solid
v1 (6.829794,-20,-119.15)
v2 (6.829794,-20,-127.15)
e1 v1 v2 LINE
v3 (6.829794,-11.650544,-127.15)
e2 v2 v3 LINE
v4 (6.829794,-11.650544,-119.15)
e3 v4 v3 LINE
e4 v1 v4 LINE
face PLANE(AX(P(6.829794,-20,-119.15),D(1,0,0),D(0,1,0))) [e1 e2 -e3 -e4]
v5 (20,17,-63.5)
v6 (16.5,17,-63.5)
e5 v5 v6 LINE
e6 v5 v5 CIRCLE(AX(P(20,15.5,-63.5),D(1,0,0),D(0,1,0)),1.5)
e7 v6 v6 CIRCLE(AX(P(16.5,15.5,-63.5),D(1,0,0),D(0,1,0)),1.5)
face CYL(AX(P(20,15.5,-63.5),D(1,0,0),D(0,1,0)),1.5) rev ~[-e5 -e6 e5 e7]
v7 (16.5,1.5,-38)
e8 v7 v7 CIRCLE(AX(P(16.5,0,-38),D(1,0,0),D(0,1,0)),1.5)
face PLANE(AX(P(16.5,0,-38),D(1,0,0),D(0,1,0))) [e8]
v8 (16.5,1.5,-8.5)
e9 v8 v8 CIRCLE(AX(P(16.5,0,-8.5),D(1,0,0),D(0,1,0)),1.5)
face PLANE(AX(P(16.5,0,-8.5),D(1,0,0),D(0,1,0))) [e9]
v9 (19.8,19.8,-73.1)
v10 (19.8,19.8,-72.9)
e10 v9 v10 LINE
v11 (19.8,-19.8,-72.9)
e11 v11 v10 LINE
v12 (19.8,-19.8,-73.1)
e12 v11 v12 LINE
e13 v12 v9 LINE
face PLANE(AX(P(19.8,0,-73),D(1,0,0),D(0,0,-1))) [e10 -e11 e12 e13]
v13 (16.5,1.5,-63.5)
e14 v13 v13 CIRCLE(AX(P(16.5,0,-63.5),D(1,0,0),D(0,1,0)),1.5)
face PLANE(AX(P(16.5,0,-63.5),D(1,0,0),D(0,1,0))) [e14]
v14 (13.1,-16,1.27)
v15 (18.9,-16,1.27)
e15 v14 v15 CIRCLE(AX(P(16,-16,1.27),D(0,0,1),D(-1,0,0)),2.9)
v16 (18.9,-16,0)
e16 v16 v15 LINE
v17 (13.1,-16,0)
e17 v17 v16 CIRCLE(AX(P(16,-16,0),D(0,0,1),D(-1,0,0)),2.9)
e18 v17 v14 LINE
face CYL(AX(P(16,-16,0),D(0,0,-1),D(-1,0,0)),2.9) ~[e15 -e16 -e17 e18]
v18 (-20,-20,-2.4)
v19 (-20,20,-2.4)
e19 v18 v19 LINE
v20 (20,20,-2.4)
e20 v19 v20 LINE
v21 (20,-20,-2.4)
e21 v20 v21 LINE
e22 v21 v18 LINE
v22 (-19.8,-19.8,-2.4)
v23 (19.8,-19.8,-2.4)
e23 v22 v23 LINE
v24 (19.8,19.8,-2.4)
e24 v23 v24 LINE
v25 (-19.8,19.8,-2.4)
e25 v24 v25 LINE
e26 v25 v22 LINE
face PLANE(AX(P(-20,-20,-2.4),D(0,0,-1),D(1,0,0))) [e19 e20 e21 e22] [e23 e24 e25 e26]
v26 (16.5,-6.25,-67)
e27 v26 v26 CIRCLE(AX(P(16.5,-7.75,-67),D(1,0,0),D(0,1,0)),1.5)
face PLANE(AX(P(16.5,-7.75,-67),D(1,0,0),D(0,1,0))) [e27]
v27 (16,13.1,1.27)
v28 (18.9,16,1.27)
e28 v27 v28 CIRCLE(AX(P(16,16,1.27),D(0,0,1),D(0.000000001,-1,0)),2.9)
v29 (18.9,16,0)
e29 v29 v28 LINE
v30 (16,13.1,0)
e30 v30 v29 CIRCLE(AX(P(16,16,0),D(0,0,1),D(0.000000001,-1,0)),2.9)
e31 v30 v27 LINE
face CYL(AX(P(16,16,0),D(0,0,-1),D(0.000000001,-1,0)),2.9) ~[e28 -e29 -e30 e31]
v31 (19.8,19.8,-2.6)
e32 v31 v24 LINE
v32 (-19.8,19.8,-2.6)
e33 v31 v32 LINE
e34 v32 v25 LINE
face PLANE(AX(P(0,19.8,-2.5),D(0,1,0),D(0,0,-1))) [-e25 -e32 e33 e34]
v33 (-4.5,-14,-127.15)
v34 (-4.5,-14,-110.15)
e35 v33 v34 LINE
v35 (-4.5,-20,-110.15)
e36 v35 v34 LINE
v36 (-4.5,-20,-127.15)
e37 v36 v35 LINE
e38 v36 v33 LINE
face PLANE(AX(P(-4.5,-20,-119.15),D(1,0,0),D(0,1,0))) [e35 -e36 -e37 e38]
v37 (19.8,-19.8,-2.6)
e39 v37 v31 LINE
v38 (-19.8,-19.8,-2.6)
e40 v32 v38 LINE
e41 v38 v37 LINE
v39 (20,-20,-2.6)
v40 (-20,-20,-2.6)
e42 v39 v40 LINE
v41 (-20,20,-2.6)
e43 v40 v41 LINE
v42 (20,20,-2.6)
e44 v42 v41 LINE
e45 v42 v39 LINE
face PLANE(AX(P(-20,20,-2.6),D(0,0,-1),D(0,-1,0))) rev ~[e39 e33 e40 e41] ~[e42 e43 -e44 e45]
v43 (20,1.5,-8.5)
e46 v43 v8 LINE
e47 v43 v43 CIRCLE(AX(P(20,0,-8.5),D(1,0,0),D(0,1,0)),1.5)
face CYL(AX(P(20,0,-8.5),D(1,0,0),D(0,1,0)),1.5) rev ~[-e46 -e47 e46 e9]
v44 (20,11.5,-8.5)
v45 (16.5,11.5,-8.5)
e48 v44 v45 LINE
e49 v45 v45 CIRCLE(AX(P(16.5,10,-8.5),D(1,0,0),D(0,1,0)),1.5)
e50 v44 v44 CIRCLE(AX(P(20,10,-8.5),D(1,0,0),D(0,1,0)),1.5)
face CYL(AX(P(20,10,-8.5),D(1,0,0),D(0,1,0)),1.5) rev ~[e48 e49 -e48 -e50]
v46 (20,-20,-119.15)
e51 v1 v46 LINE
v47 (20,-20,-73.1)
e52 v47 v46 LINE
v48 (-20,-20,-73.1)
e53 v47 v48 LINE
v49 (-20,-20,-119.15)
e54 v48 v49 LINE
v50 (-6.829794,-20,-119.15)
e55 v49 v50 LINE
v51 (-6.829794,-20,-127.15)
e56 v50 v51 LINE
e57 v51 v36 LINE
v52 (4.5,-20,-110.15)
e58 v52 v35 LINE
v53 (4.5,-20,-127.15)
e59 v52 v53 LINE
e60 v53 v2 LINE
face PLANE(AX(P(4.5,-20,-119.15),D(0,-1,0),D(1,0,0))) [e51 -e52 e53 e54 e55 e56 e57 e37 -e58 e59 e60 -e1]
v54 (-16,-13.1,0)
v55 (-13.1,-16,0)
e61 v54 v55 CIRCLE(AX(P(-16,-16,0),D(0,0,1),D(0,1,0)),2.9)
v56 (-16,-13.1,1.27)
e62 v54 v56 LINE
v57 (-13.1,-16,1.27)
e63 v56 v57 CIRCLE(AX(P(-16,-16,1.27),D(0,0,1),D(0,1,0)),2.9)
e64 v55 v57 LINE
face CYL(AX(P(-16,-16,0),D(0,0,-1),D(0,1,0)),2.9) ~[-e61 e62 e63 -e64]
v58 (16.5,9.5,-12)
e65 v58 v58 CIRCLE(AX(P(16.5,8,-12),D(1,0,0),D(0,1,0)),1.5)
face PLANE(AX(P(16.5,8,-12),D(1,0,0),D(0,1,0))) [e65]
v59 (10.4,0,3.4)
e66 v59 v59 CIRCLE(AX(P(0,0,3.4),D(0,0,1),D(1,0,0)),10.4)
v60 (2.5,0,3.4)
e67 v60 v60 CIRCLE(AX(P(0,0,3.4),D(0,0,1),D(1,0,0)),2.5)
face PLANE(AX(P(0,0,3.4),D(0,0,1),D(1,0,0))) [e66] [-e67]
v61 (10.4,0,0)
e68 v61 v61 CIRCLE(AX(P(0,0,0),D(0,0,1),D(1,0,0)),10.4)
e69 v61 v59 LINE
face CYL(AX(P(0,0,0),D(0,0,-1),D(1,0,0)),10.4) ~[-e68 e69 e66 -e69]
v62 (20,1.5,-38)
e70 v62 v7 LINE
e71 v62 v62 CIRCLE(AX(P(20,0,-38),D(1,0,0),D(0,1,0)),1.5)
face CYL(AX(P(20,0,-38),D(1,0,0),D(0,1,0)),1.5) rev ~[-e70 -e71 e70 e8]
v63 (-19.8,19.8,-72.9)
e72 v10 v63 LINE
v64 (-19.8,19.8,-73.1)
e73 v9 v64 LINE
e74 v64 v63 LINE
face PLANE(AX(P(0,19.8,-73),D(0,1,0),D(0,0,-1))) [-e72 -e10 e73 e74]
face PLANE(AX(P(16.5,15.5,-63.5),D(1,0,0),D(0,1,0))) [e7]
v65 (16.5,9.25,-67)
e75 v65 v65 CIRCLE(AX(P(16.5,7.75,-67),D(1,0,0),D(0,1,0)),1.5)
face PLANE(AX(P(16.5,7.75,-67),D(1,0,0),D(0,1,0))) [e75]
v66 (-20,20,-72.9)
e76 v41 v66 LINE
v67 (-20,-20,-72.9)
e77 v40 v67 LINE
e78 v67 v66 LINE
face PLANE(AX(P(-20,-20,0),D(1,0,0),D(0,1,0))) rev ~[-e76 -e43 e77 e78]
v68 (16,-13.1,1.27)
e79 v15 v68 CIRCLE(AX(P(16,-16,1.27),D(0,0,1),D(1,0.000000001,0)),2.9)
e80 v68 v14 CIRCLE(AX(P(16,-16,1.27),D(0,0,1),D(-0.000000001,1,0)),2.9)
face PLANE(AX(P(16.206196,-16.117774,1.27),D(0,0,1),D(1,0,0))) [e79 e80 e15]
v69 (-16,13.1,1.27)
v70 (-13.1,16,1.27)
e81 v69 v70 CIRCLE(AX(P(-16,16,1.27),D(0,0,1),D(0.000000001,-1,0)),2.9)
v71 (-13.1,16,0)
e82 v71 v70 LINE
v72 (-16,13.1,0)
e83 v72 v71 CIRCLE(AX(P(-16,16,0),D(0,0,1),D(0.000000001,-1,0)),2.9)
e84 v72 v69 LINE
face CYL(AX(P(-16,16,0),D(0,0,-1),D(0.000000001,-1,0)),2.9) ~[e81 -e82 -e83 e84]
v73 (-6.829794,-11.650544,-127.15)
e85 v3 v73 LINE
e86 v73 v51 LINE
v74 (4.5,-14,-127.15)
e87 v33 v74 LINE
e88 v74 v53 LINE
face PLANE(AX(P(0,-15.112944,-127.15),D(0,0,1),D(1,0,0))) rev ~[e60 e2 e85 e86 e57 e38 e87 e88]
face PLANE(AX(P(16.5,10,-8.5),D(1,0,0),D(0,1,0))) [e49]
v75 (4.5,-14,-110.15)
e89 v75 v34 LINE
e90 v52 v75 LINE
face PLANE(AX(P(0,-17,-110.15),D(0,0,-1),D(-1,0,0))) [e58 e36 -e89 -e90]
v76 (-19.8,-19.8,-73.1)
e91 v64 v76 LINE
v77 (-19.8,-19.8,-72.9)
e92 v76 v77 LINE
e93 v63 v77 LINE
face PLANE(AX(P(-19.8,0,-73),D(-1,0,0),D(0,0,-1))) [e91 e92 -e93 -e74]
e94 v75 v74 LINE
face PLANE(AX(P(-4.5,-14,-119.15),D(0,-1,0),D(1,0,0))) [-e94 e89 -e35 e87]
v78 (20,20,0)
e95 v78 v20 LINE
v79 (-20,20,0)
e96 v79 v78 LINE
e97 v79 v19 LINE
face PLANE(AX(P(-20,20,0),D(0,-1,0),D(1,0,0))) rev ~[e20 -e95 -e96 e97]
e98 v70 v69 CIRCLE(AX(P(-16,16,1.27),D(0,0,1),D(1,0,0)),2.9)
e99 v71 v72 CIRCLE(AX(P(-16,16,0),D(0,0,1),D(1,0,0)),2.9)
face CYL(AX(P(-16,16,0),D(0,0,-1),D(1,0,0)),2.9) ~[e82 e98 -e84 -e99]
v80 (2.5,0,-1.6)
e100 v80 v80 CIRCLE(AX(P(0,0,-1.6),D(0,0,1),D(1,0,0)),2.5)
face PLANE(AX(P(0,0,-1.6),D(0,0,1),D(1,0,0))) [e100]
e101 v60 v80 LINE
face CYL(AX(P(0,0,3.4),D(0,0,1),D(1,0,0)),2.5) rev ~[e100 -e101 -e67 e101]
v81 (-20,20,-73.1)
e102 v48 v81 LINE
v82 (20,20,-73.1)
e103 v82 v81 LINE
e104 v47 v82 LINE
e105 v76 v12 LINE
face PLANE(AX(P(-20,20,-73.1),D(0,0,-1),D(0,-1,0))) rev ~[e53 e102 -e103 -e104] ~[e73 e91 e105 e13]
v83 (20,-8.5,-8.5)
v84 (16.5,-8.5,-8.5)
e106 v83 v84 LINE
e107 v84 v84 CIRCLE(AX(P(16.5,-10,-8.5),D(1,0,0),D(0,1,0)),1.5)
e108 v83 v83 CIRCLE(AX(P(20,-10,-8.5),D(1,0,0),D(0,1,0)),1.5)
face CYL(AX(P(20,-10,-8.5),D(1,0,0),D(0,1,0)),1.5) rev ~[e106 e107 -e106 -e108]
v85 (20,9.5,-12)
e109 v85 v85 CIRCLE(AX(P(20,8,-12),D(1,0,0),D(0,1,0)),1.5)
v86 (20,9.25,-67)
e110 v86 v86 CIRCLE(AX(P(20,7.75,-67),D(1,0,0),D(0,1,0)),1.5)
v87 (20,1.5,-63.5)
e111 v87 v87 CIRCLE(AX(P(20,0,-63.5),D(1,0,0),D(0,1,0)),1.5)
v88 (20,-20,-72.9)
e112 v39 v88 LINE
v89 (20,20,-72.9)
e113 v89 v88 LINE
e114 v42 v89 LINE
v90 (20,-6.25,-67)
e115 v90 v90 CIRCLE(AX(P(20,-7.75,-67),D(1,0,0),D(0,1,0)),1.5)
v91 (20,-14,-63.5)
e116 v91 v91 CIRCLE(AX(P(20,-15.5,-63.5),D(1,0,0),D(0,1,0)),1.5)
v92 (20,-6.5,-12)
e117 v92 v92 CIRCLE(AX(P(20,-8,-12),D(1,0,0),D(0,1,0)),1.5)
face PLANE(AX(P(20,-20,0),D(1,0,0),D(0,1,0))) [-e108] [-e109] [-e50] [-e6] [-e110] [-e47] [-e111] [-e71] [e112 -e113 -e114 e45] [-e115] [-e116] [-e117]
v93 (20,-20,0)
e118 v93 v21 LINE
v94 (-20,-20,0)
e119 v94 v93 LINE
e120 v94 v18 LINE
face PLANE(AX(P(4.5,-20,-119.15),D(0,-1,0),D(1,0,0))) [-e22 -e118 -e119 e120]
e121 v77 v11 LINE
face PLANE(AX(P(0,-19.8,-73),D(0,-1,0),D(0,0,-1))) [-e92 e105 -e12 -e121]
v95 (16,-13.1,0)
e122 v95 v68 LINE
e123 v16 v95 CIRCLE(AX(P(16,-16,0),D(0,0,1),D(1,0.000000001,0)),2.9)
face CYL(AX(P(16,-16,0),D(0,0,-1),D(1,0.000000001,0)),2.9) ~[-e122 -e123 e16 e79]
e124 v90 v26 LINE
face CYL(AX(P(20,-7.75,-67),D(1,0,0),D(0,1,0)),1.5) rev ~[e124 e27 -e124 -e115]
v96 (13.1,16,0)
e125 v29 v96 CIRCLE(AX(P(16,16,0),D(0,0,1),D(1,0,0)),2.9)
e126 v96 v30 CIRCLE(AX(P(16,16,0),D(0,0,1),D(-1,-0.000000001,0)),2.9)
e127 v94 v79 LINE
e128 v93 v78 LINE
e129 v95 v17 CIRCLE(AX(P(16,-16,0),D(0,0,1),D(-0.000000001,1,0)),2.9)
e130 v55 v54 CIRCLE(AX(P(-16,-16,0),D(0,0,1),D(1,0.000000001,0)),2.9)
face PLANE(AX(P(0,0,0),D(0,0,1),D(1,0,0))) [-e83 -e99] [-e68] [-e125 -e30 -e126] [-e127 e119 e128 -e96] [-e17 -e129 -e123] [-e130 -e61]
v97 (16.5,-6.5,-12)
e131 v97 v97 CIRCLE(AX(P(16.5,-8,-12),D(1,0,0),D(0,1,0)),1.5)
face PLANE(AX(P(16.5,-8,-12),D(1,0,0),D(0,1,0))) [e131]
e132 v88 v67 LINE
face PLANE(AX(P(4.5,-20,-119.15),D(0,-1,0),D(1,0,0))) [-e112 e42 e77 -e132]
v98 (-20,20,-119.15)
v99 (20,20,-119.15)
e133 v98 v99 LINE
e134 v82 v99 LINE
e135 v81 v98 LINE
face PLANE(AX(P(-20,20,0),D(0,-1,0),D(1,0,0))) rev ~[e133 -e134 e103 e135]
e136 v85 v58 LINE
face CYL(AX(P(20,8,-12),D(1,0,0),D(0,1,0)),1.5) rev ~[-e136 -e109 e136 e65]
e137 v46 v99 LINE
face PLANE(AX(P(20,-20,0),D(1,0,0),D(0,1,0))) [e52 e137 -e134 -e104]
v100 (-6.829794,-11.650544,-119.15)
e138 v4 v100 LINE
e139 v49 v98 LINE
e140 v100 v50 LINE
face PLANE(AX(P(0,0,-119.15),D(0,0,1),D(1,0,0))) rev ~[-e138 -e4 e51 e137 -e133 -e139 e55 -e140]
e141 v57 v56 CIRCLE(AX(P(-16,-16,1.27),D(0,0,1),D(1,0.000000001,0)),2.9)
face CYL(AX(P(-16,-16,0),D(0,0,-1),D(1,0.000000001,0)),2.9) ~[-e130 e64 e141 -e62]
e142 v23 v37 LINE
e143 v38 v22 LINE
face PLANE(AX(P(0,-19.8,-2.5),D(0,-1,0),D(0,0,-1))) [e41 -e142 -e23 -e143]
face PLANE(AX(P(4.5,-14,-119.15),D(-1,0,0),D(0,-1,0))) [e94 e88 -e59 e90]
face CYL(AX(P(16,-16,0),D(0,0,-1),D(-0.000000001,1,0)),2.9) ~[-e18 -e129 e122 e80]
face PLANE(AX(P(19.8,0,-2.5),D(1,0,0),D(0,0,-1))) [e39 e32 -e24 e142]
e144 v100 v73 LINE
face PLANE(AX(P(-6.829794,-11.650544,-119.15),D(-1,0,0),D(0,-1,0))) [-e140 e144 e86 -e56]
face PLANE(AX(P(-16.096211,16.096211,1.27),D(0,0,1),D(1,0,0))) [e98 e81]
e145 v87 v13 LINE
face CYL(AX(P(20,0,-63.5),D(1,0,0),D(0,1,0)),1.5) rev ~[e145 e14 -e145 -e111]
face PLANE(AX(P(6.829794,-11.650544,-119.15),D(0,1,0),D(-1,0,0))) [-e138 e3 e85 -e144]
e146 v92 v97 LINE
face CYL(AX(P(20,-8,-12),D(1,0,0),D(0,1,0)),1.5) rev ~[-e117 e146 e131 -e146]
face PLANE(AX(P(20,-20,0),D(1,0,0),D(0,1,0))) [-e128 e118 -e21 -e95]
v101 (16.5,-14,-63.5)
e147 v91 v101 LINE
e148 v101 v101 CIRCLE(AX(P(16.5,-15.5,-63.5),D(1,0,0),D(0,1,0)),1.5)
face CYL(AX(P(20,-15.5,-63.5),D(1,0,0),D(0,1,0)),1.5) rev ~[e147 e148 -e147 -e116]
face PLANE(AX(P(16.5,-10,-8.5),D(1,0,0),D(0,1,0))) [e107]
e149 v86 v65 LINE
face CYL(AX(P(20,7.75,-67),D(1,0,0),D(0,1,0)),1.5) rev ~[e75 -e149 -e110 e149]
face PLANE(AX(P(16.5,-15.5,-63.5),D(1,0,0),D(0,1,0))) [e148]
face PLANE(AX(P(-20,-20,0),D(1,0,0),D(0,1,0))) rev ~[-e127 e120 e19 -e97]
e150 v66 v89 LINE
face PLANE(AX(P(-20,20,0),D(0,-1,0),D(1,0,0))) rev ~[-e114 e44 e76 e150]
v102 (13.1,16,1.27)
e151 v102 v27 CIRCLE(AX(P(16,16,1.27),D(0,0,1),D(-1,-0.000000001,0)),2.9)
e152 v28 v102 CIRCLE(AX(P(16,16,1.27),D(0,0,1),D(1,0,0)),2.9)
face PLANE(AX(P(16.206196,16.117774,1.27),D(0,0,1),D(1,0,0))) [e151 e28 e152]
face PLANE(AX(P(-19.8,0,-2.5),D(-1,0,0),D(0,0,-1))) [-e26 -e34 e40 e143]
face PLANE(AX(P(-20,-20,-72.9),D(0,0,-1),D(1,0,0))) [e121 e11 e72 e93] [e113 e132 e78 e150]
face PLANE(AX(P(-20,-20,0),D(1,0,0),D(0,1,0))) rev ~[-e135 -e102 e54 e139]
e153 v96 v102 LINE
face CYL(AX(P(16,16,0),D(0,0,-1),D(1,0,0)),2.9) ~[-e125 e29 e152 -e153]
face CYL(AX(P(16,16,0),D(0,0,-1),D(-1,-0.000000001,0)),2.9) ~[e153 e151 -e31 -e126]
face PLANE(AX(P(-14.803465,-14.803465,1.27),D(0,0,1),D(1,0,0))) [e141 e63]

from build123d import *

# Parameters (mm, degrees)
CROQUIS1_W              = 40
CROQUIS1_H              = 40
SALIENTE_EXTRUIR1_DEPTH = 119.15
CROQUIS2_R              = 10.4
SALIENTE_EXTRUIR2_DEPTH = 3.4
SALIENTE_EXTRUIR3_DEPTH = 1.27
CROQUIS4_R              = 2.5
CORTAR_EXTRUIR1_DEPTH   = 5
CROQUIS5_W              = 9
CROQUIS5_H              = 6
CORTAR_EXTRUIR2_DEPTH   = 9
CROQUIS6_R              = 1.5
CORTAR_EXTRUIR3_DEPTH   = 3.5
SALIENTE_EXTRUIR4_DEPTH = 8
CROQUIS10_W             = 0.2
CROQUIS10_H             = 40
CORTAR_EXTRUIR4_DEPTH   = 0.2
MATRIZC1_COUNT          = 4


with BuildPart() as part:
    # Croquis1 → Saliente-Extruir1 (new body)
    with BuildSketch(Plane.XY):
        Rectangle(CROQUIS1_W, CROQUIS1_H)
    extrude(amount=-SALIENTE_EXTRUIR1_DEPTH)

    # Croquis2 → Saliente-Extruir2 (add)
    with BuildSketch(Plane.XY):
        Circle(CROQUIS2_R)
    extrude(amount=SALIENTE_EXTRUIR2_DEPTH)

    # Croquis3 → Saliente-Extruir3 (add)
    with BuildSketch(Plane.XY):
        with BuildLine():
            Line((-16, 13.1), (-16, 16))
            Line((-16, 16), (-13.1, 16))
            ThreePointArc((-13.1, 16), (-18.050609665, 18.050609665), (-16, 13.1))
        make_face()
        with BuildLine():
            Line((-13.1, 16), (-16, 16))
            Line((-16, 16), (-16, 13.1))
            ThreePointArc((-16, 13.1), (-13.949390335, 13.949390335), (-13.1, 16))
        make_face()
        with BuildLine():
            ThreePointArc((18.9, 16), (16, 18.9), (13.1, 16))
            Line((13.1, 16), (16, 16))
            Line((16, 16), (16, 13.1))
            ThreePointArc((16, 13.1), (18.050609665, 13.949390335), (18.9, 16))
        make_face()
        with BuildLine():
            Line((16, 16), (13.1, 16))
            ThreePointArc((13.1, 16), (13.949390335, 13.949390335), (16, 13.1))
            Line((16, 13.1), (16, 16))
        make_face()
        with BuildLine():
            ThreePointArc((-13.1, -16), (-13.949390335, -13.949390335), (-16, -13.1))
            Line((-16, -13.1), (-16, -16))
            Line((-16, -16), (-13.1, -16))
        make_face()
        with BuildLine():
            Line((-16, -16), (-16, -13.1))
            ThreePointArc((-16, -13.1), (-18.050609665, -18.050609665), (-13.1, -16))
            Line((-13.1, -16), (-16, -16))
        make_face()
        with BuildLine():
            ThreePointArc((18.9, -16), (18.050609665, -13.949390335), (16, -13.1))
            Line((16, -13.1), (16, -16))
            Line((16, -16), (13.1, -16))
            ThreePointArc((13.1, -16), (16, -18.9), (18.9, -16))
        make_face()
        with BuildLine():
            Line((16, -16), (16, -13.1))
            ThreePointArc((16, -13.1), (13.949390335, -13.949390335), (13.1, -16))
            Line((13.1, -16), (16, -16))
        make_face()
    extrude(amount=SALIENTE_EXTRUIR3_DEPTH)

    # Croquis4 → Cortar-Extruir1 (cut)
    with BuildSketch(Plane.XY.offset(3.4)):
        Circle(CROQUIS4_R)
    extrude(amount=-CORTAR_EXTRUIR1_DEPTH, mode=Mode.SUBTRACT)

    # Croquis5 → Cortar-Extruir2 (cut)
    with BuildSketch(Plane(origin=(0, 0, -119.15), x_dir=(-1, 0, 0), z_dir=(0, 0, -1))):
        with Locations((0, -17)):
            Rectangle(CROQUIS5_W, CROQUIS5_H)
    extrude(amount=-CORTAR_EXTRUIR2_DEPTH, mode=Mode.SUBTRACT)

    # Croquis6 → Cortar-Extruir3 (cut)
    with BuildSketch(Plane(origin=(20, 0, 0), x_dir=(0, 0, -1), z_dir=(1, 0, 0))):
        with Locations(Location((38, 0, 0), (0, 0, 90))):
            Circle(CROQUIS6_R)
        with Locations(Location((8.5, 0, 0), (0, 0, 90))):
            Circle(CROQUIS6_R)
        with Locations(Location((63.5, 0, 0), (0, 0, 90))):
            Circle(CROQUIS6_R)
        with Locations(Location((12, 8, 0), (0, 0, 90))):
            Circle(CROQUIS6_R)
        with Locations(Location((12, -8, 0), (0, 0, 90))):
            Circle(CROQUIS6_R)
        with Locations(Location((8.5, -10, 0), (0, 0, 90))):
            Circle(CROQUIS6_R)
        with Locations(Location((8.5, 10, 0), (0, 0, 90))):
            Circle(CROQUIS6_R)
        with Locations(Location((67, -7.75, 0), (0, 0, 90))):
            Circle(CROQUIS6_R)
        with Locations(Location((63.5, -15.5, 0), (0, 0, 90))):
            Circle(CROQUIS6_R)
        with Locations(Location((67, 7.75, 0), (0, 0, 90))):
            Circle(CROQUIS6_R)
        with Locations(Location((63.5, 15.5, 0), (0, 0, 90))):
            Circle(CROQUIS6_R)
    extrude(amount=-CORTAR_EXTRUIR3_DEPTH, mode=Mode.SUBTRACT)

    # Croquis9 → Saliente-Extruir4 (add)
    with BuildSketch(Plane(origin=(0, 0, -119.15), x_dir=(-1, 0, 0), z_dir=(0, 0, -1))):
        Polygon((-6.829794284, -20), (-6.829794284, -11.650544172), (6.829794284, -11.650544172), (6.829794284, -20), (4.5, -20), (4.5, -14), (-4.5, -14), (-4.5, -20), align=None)
    extrude(amount=SALIENTE_EXTRUIR4_DEPTH)

    # Croquis10 → Cortar-Extruir4 (cut)
    with BuildSketch(Plane(origin=(20, 0, 0), x_dir=(0, 0, -1), z_dir=(1, 0, 0))):
        with Locations((73, 0)):
            Rectangle(CROQUIS10_W, CROQUIS10_H)
        with Locations((2.5, 0)):
            Rectangle(CROQUIS10_W, CROQUIS10_H)
    cortar_extruir4 = extrude(amount=-CORTAR_EXTRUIR4_DEPTH, mode=Mode.SUBTRACT)

    # MatrizC1: Cortar-Extruir4 ×4 about axis
    matrizc1_axis = Axis((0, 0, 0), (0, 0, 1))
    for i in range(1, MATRIZC1_COUNT):
        add(cortar_extruir4.rotate(matrizc1_axis, i * 360 / MATRIZC1_COUNT), mode=Mode.SUBTRACT)


solid = part.part
